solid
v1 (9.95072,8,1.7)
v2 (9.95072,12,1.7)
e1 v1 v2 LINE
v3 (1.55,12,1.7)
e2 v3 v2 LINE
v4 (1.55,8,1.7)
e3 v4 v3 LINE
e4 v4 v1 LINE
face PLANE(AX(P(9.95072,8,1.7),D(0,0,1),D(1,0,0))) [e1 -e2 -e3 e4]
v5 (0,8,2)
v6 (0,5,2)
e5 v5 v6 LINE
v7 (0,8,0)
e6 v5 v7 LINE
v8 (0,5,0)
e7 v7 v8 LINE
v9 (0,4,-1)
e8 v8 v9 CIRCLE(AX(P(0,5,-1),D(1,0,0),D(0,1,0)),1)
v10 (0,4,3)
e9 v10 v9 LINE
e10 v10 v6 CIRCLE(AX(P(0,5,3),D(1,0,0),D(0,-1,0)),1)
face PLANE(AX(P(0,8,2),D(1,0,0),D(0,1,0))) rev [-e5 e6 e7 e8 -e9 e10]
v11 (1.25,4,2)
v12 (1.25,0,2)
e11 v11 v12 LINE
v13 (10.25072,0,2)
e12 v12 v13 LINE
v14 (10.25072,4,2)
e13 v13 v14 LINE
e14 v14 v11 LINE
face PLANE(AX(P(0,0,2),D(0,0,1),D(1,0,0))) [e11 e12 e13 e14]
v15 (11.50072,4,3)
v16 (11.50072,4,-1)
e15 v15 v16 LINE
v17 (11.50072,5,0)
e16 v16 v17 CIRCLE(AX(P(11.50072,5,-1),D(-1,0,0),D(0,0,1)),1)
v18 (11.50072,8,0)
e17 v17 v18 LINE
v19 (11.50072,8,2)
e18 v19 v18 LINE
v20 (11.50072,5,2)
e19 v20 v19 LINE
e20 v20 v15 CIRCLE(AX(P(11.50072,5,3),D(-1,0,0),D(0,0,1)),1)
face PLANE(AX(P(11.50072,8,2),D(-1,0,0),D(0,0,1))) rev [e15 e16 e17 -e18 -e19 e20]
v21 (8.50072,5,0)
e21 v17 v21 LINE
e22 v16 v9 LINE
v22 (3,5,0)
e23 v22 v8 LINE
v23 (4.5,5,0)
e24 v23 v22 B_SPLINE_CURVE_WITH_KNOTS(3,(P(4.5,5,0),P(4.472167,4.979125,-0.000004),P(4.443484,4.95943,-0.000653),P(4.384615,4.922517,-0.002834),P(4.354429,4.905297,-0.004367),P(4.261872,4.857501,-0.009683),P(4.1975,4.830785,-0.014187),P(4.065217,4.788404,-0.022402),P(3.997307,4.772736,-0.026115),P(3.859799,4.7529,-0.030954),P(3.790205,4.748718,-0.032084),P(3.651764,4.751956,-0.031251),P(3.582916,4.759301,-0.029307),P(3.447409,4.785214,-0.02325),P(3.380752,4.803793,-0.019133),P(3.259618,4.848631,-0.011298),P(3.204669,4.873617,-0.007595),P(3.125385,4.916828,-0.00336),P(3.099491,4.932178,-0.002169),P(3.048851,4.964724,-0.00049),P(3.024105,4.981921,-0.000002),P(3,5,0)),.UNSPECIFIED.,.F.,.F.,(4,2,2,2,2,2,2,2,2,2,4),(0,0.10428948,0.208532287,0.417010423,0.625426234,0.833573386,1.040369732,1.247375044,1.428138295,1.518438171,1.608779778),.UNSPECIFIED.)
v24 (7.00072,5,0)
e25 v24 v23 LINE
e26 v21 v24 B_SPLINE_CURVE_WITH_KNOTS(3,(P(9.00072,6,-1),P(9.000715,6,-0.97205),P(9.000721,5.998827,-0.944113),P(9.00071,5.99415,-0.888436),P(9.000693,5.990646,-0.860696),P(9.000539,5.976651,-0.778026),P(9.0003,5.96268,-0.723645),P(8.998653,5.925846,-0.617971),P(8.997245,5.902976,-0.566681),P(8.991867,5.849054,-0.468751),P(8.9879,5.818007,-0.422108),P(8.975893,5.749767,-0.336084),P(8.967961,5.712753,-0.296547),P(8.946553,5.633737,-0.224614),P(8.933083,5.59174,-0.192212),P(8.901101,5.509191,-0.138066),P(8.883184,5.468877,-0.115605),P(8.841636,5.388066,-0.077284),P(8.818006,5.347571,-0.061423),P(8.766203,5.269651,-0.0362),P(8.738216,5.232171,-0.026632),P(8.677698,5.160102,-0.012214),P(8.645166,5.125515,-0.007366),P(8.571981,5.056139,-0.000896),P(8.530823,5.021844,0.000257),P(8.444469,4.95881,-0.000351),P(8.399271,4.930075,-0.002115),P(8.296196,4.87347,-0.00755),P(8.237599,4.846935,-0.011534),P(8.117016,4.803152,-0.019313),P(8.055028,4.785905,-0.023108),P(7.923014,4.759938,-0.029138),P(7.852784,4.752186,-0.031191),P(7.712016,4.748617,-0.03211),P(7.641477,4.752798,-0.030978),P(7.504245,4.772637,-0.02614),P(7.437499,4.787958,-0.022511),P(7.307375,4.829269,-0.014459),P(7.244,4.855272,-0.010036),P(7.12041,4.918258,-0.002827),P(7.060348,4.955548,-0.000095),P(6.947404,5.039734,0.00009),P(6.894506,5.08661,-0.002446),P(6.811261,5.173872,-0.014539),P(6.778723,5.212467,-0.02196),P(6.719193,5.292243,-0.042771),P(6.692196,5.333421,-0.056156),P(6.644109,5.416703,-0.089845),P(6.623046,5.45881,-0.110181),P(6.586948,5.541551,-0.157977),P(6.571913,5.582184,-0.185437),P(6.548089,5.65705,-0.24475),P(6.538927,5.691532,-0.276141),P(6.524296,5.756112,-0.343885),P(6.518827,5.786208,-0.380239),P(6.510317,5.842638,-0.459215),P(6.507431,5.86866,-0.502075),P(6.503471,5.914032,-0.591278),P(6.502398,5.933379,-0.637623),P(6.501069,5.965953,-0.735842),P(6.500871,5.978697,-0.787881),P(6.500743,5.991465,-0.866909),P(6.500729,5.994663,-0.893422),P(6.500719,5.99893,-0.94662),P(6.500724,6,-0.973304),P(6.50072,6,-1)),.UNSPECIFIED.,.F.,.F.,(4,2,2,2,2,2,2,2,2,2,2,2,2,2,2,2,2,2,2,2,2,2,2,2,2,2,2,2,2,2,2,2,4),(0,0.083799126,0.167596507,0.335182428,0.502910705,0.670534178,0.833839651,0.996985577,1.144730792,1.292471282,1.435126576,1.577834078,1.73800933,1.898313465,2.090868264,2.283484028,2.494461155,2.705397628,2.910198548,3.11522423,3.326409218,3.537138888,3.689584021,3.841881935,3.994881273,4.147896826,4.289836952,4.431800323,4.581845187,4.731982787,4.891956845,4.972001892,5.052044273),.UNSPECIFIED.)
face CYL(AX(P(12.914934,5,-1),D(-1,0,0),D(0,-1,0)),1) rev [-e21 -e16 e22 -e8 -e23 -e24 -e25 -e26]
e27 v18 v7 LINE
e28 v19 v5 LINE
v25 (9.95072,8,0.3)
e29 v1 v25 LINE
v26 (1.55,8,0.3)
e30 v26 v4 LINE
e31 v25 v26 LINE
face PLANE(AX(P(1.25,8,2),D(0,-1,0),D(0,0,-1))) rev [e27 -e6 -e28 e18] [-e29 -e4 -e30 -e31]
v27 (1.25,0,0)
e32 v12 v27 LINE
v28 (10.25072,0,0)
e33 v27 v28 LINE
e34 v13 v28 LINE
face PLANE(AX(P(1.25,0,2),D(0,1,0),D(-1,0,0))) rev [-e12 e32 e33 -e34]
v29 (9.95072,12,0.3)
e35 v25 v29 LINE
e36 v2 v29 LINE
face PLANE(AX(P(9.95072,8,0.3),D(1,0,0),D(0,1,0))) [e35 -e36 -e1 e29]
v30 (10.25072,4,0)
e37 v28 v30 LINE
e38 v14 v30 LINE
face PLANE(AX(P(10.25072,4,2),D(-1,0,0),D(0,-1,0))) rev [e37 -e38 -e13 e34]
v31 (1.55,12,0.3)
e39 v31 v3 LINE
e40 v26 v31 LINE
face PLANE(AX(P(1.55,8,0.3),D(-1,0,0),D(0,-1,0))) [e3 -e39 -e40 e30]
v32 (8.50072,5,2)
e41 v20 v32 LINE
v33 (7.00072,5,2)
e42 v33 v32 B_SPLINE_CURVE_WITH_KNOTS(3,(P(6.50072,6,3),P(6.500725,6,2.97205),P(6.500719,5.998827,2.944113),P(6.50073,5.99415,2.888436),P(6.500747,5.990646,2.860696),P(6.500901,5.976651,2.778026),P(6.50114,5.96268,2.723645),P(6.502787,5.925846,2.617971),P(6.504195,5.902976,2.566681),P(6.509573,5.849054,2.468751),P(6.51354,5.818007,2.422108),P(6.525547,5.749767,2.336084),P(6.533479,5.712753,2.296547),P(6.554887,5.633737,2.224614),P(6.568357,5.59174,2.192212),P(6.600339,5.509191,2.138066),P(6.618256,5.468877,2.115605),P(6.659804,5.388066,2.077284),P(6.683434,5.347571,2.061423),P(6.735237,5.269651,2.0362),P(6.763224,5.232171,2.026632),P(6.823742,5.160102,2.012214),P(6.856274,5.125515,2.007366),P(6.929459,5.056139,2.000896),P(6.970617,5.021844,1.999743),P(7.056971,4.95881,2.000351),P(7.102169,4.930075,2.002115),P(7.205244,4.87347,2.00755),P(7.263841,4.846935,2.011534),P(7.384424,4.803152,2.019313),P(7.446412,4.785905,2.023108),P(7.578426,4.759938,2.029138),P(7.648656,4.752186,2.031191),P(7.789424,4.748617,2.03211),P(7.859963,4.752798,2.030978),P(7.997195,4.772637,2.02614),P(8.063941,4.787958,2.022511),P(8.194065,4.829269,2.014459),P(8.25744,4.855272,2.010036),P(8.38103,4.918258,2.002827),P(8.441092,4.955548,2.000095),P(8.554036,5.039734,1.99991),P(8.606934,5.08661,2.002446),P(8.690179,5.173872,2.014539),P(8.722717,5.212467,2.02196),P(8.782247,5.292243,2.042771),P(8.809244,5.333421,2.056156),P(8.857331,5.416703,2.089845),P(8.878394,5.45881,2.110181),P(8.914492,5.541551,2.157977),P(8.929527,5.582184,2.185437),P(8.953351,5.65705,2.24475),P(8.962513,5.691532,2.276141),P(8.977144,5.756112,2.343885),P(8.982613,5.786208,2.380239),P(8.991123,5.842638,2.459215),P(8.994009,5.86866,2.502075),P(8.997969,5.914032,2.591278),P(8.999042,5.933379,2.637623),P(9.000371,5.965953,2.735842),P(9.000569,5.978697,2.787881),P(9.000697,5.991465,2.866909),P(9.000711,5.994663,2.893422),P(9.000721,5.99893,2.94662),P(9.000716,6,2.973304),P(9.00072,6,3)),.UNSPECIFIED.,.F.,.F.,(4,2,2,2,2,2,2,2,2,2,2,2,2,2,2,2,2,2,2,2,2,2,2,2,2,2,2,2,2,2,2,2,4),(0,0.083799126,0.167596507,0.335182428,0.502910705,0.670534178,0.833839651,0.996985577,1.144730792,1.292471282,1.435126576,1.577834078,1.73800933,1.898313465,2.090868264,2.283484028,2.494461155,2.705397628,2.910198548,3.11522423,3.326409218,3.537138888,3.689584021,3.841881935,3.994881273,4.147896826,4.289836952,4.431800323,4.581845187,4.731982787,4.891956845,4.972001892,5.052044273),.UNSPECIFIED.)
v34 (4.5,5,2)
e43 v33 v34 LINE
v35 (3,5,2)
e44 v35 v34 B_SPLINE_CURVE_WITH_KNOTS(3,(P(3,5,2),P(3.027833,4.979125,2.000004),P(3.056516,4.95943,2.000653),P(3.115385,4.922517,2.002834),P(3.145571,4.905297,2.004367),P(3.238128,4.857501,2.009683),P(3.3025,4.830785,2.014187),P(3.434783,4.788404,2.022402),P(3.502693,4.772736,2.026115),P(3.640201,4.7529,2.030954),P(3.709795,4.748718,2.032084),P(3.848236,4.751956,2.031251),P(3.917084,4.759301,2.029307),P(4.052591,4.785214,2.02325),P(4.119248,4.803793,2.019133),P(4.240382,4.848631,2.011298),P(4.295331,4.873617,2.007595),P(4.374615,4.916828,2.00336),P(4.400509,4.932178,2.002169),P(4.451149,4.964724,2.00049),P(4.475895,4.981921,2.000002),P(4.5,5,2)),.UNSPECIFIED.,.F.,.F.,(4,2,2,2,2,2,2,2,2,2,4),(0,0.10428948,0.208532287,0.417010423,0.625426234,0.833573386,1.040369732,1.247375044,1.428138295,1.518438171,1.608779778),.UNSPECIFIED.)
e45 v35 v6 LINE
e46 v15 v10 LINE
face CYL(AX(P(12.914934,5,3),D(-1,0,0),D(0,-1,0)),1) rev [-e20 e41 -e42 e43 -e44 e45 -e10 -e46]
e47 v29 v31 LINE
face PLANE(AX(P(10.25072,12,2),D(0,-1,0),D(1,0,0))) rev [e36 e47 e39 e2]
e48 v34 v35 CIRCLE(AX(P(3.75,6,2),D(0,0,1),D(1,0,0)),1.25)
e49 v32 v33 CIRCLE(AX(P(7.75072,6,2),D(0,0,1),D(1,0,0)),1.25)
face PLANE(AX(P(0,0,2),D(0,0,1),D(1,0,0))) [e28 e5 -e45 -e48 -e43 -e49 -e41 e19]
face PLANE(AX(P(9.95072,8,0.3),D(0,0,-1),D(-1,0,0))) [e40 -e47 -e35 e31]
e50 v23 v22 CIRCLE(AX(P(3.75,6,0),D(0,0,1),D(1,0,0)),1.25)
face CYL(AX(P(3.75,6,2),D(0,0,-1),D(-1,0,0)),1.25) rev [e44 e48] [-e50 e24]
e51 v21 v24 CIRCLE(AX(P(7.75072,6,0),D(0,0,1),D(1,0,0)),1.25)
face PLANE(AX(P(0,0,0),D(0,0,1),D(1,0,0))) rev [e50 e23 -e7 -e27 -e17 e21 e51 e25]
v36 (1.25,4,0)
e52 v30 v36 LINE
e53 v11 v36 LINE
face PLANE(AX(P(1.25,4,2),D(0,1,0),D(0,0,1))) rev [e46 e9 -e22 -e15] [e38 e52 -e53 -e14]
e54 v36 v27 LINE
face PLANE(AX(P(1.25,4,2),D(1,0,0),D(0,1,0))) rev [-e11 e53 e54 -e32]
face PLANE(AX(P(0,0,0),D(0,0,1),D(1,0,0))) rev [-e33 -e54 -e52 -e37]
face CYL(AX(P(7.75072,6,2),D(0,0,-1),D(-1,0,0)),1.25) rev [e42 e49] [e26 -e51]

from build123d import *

# Parameters (mm, degrees)
MODEL_R                 = 1.25
BOSS_EXTRUDE1_DEPTH     = 2
BOSS_EXTRUDE2_DEPTH     = 11.50072
SKETCH2_R               = 1.25
CUT_EXTRUDE1_DEPTH      = 2
CUT_EXTRUDE1_DEPTH_BACK = 4
SKETCH3_W               = 9.00072
SKETCH3_H               = 2
SKETCH3_W_2             = 8.40072
SKETCH3_H_2             = 1.4
CUT_EXTRUDE2_DEPTH      = 4


with BuildPart() as part:
    # Model → Boss-Extrude1 (new body)
    with BuildSketch(Plane.XY):
        Polygon((1.25, 4), (0, 4), (0, 8), (1.25, 8), (1.25, 12), (10.25072, 12), (10.25072, 8), (11.50072, 8), (11.50072, 4), (10.25072, 4), (10.25072, 0), (1.25, 0), align=None)
        with Locations((7.75072, 6)):
            Circle(MODEL_R, mode=Mode.SUBTRACT)
        with Locations((3.75, 6)):
            Circle(MODEL_R, mode=Mode.SUBTRACT)
    extrude(amount=BOSS_EXTRUDE1_DEPTH)

    # Sketch1 → Boss-Extrude2 (add)
    with BuildSketch(Plane.ZY):
        with BuildLine():
            Line((2, 4), (2, 5))
            ThreePointArc((2, 5), (2.292893219, 4.292893219), (3, 4))
            Line((3, 4), (2, 4))
        make_face()
        with BuildLine():
            Line((0, 4), (-1, 4))
            ThreePointArc((-1, 4), (-0.292893219, 4.292893219), (0, 5))
            Line((0, 5), (0, 4))
        make_face()
    extrude(amount=-BOSS_EXTRUDE2_DEPTH)

    # Sketch2 → Cut-Extrude1 (cut, two sides)
    with BuildSketch(Plane.XY.offset(2)) as cut_extrude1_sk:
        with Locations((3.75, 6)):
            Circle(SKETCH2_R)
        with Locations((7.75072, 6)):
            Circle(SKETCH2_R)
    extrude(amount=CUT_EXTRUDE1_DEPTH, mode=Mode.SUBTRACT)
    extrude(cut_extrude1_sk.sketch, amount=-CUT_EXTRUDE1_DEPTH_BACK, mode=Mode.SUBTRACT)

    # Sketch3 → Cut-Extrude2 (cut)
    with BuildSketch(Plane(origin=(0, 12, 0), x_dir=(1, 0, 0), z_dir=(0, 1, 0))):
        with Locations((5.75036, -1)):
            Rectangle(SKETCH3_W, SKETCH3_H)
        with Locations((5.75036, -1)):
            Rectangle(SKETCH3_W_2, SKETCH3_H_2, mode=Mode.SUBTRACT)
    extrude(amount=-CUT_EXTRUDE2_DEPTH, mode=Mode.SUBTRACT)


solid = part.part
